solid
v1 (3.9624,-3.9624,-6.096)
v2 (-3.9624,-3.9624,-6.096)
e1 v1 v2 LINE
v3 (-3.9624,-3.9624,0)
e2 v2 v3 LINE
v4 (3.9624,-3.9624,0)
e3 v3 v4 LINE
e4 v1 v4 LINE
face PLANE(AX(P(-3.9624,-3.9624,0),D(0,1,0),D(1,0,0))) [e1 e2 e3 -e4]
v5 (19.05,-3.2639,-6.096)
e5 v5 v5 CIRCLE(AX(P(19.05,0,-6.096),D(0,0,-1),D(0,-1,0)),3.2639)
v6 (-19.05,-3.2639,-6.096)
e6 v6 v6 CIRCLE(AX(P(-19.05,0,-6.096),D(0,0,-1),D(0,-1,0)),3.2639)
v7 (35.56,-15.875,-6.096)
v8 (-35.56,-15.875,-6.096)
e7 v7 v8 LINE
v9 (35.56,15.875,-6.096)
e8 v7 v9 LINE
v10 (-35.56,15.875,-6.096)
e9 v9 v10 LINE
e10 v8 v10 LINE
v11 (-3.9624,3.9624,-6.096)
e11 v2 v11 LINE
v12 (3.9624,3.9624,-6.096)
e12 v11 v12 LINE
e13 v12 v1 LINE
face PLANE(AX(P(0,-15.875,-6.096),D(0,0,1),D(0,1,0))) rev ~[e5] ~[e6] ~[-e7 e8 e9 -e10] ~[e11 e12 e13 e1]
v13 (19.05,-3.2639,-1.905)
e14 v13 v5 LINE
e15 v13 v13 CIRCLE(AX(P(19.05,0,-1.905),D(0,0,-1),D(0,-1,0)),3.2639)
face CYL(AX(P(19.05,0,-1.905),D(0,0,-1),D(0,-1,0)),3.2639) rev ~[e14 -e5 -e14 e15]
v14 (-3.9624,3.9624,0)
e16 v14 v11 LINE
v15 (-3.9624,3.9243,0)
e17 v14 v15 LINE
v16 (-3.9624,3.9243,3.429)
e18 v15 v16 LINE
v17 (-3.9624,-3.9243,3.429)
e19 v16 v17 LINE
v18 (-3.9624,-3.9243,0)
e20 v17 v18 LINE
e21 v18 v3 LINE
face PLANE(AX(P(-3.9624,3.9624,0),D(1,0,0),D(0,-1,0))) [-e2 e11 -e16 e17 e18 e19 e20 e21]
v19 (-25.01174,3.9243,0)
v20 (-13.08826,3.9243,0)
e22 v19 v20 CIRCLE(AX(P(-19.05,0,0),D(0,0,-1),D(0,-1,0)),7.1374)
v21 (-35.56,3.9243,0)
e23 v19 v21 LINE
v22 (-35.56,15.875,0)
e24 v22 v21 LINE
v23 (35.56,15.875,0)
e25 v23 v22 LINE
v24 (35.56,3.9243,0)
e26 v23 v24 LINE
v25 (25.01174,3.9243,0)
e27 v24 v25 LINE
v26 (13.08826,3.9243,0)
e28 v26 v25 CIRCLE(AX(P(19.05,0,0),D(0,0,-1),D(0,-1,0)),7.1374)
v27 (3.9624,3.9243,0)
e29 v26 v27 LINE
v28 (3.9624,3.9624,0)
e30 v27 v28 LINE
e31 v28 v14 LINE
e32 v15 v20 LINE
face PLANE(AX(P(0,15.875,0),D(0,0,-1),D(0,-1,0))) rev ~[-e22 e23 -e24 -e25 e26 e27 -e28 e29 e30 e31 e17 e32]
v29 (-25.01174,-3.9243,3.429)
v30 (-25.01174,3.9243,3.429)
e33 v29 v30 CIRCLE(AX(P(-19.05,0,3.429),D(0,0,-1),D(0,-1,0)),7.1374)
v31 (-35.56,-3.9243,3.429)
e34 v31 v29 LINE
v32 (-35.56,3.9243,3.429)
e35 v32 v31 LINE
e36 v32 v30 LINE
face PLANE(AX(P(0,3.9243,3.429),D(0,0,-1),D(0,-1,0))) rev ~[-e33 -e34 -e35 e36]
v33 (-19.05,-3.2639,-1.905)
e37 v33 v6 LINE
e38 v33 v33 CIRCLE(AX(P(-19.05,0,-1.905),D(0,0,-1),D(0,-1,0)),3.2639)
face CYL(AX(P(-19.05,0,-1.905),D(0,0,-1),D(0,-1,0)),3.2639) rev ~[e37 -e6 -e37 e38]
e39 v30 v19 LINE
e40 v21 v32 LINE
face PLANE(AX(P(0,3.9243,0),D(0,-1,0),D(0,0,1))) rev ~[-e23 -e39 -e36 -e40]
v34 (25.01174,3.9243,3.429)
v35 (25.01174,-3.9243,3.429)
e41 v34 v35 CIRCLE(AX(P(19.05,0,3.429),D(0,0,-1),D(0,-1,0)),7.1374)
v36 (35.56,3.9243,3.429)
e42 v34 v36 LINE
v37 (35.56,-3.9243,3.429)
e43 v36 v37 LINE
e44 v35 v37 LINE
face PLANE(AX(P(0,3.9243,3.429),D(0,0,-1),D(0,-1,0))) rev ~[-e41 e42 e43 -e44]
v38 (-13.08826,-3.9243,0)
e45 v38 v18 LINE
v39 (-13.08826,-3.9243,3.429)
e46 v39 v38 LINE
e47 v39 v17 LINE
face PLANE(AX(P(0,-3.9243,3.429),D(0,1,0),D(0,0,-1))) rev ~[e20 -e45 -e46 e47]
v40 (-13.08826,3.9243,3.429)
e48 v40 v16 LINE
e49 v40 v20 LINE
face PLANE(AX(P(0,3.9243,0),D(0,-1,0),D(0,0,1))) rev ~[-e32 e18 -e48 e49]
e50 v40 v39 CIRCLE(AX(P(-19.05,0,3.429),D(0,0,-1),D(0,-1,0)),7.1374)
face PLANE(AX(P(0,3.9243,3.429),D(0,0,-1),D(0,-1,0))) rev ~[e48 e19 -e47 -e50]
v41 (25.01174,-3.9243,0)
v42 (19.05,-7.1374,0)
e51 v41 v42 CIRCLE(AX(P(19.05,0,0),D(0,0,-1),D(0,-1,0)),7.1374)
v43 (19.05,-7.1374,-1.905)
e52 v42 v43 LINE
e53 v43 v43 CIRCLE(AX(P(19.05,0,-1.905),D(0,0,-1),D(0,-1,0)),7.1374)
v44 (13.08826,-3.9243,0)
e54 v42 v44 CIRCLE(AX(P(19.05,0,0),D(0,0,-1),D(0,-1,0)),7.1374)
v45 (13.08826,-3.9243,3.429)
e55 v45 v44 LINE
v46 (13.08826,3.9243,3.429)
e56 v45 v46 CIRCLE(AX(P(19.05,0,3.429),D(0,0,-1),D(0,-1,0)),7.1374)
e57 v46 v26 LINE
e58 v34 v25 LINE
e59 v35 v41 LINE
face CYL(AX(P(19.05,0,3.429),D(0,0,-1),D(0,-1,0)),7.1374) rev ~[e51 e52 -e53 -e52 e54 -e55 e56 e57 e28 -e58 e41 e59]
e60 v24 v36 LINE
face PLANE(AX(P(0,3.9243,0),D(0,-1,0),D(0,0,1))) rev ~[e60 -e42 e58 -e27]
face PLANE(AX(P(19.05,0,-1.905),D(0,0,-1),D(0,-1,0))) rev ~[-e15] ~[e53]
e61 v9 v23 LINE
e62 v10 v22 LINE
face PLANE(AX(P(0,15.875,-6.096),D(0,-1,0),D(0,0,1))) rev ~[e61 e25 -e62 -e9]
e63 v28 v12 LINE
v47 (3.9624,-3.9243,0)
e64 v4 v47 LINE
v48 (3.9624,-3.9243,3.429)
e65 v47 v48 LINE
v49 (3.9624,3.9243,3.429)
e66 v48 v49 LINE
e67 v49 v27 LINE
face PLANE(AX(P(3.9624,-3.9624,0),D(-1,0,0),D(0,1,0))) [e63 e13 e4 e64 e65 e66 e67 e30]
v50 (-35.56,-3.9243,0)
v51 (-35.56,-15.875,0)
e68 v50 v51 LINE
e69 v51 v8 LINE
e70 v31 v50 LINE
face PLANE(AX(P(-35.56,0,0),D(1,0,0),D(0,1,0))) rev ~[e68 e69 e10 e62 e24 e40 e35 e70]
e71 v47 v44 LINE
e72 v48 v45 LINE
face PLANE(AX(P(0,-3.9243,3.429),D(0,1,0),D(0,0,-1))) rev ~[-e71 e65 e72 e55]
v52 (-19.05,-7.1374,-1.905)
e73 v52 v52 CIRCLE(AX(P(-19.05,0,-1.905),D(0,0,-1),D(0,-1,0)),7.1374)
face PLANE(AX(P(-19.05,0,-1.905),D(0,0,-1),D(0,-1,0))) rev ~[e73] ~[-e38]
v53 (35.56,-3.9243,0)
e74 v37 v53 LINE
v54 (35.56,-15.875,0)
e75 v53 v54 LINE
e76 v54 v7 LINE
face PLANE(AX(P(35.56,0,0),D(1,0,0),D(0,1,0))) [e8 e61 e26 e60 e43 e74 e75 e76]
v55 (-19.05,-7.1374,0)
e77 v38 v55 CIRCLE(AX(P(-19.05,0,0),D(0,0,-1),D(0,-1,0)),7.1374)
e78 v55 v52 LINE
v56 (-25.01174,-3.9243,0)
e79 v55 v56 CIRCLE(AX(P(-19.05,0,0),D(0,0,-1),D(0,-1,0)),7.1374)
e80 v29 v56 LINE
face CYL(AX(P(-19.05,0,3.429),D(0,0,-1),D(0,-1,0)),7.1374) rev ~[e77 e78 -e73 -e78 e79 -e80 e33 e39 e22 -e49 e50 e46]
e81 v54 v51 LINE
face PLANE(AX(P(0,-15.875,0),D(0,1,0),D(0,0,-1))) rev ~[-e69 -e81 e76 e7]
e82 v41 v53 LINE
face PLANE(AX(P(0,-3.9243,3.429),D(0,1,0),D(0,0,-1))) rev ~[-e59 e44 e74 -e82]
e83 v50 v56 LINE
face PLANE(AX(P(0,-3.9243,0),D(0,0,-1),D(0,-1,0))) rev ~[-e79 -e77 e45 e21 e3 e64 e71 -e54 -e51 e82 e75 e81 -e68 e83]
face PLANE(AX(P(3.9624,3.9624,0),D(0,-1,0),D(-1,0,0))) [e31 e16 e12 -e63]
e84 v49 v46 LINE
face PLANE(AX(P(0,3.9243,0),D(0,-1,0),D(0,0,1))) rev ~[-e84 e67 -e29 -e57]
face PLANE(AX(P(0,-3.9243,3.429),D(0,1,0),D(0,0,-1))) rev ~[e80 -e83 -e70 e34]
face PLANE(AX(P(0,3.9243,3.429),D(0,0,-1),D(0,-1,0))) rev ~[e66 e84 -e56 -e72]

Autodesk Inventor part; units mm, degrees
sketch "Sketch_1" plane through (0, 0, 0) normal (1, 0, 0) x (0, 1, 0)
  line L0 (3.9243, 3.429) -> (-3.9243, 3.429)
  line L1 (-3.9243, 3.429) -> (-3.9243, 0)
  line L2 (-3.9243, 0) -> (-15.875, 0)
  line L3 (-15.875, 0) -> (-15.875, -6.096)
  line L4 (-15.875, -6.096) -> (15.875, -6.096)
  line L5 (15.875, -6.096) -> (15.875, 0)
  line L6 (15.875, 0) -> (3.9243, 0)
  line L7 (3.9243, 0) -> (3.9243, 3.429)
extrude "Extrusion1" add sketch "Sketch_1" along normal mid plane 71.12
sketch "Sketch2" plane through (-35.56, 3.9243, 3.429) normal (0, 0, 1) x (1, 0, 0)
  point P0 (16.51, -3.9243)
hole "Drilling 1" at (-19.05, 0, 3.429) direction (0, 0, -1) diameter 6.5278 depth 9.525 counterbore diameter 14.2748 counterbore depth 5.334
sketch "Sketch3" plane through (35.56, -3.9243, 3.429) normal (0, 0, 1) x (1, 0, 0)
  point P0 (-16.51, 3.9243)
hole "Drilling 2" at (19.05, 0, 3.429) direction (0, 0, -1) diameter 6.5278 depth 9.525 counterbore diameter 14.2748 counterbore depth 5.334
sketch "Sketch_4" plane through (0, 0, 0) normal (0, 0, 1) x (1, 0, 0)
  line L0 (-3.9624, -3.9624) -> (3.9624, -3.9624)
  line L1 (3.9624, -3.9624) -> (3.9624, 3.9624)
  line L2 (3.9624, 3.9624) -> (-3.9624, 3.9624)
  line L3 (-3.9624, 3.9624) -> (-3.9624, -3.9624)
extrude "Extrusion2" cut sketch "Sketch_4" along normal mid plane 15.24
ref_plane "i1_XY" through (-19.05, 0, -1.905) normal (0, 0, 1) x (1, 0, 0)
ref_plane "i1_YZ" through (-19.05, 0, -1.905) normal (1, 0, 0) x (0, 1, 0)
ref_plane "i1_ZX" through (-19.05, 0, -1.905) normal (0, 1, 0) x (0, 0, 1)
ref_plane "i2_XY" through (19.05, 0, -1.905) normal (0, 0, 1) x (1, 0, 0)
ref_plane "i2_YZ" through (19.05, 0, -1.905) normal (1, 0, 0) x (0, 1, 0)
ref_plane "i2_ZX" through (19.05, 0, -1.905) normal (0, 1, 0) x (0, 0, 1)
ref_plane "pad_XY" through (-19.05, 0, -6.096) normal (0, 0, 1) x (1, 0, 0)
ref_plane "pad_YZ" through (-19.05, 0, -6.096) normal (1, 0, 0) x (0, 1, 0)
ref_plane "pad_ZX" through (-19.05, 0, -6.096) normal (0, 1, 0) x (0, 0, 1)
properties part number "6596_b"
